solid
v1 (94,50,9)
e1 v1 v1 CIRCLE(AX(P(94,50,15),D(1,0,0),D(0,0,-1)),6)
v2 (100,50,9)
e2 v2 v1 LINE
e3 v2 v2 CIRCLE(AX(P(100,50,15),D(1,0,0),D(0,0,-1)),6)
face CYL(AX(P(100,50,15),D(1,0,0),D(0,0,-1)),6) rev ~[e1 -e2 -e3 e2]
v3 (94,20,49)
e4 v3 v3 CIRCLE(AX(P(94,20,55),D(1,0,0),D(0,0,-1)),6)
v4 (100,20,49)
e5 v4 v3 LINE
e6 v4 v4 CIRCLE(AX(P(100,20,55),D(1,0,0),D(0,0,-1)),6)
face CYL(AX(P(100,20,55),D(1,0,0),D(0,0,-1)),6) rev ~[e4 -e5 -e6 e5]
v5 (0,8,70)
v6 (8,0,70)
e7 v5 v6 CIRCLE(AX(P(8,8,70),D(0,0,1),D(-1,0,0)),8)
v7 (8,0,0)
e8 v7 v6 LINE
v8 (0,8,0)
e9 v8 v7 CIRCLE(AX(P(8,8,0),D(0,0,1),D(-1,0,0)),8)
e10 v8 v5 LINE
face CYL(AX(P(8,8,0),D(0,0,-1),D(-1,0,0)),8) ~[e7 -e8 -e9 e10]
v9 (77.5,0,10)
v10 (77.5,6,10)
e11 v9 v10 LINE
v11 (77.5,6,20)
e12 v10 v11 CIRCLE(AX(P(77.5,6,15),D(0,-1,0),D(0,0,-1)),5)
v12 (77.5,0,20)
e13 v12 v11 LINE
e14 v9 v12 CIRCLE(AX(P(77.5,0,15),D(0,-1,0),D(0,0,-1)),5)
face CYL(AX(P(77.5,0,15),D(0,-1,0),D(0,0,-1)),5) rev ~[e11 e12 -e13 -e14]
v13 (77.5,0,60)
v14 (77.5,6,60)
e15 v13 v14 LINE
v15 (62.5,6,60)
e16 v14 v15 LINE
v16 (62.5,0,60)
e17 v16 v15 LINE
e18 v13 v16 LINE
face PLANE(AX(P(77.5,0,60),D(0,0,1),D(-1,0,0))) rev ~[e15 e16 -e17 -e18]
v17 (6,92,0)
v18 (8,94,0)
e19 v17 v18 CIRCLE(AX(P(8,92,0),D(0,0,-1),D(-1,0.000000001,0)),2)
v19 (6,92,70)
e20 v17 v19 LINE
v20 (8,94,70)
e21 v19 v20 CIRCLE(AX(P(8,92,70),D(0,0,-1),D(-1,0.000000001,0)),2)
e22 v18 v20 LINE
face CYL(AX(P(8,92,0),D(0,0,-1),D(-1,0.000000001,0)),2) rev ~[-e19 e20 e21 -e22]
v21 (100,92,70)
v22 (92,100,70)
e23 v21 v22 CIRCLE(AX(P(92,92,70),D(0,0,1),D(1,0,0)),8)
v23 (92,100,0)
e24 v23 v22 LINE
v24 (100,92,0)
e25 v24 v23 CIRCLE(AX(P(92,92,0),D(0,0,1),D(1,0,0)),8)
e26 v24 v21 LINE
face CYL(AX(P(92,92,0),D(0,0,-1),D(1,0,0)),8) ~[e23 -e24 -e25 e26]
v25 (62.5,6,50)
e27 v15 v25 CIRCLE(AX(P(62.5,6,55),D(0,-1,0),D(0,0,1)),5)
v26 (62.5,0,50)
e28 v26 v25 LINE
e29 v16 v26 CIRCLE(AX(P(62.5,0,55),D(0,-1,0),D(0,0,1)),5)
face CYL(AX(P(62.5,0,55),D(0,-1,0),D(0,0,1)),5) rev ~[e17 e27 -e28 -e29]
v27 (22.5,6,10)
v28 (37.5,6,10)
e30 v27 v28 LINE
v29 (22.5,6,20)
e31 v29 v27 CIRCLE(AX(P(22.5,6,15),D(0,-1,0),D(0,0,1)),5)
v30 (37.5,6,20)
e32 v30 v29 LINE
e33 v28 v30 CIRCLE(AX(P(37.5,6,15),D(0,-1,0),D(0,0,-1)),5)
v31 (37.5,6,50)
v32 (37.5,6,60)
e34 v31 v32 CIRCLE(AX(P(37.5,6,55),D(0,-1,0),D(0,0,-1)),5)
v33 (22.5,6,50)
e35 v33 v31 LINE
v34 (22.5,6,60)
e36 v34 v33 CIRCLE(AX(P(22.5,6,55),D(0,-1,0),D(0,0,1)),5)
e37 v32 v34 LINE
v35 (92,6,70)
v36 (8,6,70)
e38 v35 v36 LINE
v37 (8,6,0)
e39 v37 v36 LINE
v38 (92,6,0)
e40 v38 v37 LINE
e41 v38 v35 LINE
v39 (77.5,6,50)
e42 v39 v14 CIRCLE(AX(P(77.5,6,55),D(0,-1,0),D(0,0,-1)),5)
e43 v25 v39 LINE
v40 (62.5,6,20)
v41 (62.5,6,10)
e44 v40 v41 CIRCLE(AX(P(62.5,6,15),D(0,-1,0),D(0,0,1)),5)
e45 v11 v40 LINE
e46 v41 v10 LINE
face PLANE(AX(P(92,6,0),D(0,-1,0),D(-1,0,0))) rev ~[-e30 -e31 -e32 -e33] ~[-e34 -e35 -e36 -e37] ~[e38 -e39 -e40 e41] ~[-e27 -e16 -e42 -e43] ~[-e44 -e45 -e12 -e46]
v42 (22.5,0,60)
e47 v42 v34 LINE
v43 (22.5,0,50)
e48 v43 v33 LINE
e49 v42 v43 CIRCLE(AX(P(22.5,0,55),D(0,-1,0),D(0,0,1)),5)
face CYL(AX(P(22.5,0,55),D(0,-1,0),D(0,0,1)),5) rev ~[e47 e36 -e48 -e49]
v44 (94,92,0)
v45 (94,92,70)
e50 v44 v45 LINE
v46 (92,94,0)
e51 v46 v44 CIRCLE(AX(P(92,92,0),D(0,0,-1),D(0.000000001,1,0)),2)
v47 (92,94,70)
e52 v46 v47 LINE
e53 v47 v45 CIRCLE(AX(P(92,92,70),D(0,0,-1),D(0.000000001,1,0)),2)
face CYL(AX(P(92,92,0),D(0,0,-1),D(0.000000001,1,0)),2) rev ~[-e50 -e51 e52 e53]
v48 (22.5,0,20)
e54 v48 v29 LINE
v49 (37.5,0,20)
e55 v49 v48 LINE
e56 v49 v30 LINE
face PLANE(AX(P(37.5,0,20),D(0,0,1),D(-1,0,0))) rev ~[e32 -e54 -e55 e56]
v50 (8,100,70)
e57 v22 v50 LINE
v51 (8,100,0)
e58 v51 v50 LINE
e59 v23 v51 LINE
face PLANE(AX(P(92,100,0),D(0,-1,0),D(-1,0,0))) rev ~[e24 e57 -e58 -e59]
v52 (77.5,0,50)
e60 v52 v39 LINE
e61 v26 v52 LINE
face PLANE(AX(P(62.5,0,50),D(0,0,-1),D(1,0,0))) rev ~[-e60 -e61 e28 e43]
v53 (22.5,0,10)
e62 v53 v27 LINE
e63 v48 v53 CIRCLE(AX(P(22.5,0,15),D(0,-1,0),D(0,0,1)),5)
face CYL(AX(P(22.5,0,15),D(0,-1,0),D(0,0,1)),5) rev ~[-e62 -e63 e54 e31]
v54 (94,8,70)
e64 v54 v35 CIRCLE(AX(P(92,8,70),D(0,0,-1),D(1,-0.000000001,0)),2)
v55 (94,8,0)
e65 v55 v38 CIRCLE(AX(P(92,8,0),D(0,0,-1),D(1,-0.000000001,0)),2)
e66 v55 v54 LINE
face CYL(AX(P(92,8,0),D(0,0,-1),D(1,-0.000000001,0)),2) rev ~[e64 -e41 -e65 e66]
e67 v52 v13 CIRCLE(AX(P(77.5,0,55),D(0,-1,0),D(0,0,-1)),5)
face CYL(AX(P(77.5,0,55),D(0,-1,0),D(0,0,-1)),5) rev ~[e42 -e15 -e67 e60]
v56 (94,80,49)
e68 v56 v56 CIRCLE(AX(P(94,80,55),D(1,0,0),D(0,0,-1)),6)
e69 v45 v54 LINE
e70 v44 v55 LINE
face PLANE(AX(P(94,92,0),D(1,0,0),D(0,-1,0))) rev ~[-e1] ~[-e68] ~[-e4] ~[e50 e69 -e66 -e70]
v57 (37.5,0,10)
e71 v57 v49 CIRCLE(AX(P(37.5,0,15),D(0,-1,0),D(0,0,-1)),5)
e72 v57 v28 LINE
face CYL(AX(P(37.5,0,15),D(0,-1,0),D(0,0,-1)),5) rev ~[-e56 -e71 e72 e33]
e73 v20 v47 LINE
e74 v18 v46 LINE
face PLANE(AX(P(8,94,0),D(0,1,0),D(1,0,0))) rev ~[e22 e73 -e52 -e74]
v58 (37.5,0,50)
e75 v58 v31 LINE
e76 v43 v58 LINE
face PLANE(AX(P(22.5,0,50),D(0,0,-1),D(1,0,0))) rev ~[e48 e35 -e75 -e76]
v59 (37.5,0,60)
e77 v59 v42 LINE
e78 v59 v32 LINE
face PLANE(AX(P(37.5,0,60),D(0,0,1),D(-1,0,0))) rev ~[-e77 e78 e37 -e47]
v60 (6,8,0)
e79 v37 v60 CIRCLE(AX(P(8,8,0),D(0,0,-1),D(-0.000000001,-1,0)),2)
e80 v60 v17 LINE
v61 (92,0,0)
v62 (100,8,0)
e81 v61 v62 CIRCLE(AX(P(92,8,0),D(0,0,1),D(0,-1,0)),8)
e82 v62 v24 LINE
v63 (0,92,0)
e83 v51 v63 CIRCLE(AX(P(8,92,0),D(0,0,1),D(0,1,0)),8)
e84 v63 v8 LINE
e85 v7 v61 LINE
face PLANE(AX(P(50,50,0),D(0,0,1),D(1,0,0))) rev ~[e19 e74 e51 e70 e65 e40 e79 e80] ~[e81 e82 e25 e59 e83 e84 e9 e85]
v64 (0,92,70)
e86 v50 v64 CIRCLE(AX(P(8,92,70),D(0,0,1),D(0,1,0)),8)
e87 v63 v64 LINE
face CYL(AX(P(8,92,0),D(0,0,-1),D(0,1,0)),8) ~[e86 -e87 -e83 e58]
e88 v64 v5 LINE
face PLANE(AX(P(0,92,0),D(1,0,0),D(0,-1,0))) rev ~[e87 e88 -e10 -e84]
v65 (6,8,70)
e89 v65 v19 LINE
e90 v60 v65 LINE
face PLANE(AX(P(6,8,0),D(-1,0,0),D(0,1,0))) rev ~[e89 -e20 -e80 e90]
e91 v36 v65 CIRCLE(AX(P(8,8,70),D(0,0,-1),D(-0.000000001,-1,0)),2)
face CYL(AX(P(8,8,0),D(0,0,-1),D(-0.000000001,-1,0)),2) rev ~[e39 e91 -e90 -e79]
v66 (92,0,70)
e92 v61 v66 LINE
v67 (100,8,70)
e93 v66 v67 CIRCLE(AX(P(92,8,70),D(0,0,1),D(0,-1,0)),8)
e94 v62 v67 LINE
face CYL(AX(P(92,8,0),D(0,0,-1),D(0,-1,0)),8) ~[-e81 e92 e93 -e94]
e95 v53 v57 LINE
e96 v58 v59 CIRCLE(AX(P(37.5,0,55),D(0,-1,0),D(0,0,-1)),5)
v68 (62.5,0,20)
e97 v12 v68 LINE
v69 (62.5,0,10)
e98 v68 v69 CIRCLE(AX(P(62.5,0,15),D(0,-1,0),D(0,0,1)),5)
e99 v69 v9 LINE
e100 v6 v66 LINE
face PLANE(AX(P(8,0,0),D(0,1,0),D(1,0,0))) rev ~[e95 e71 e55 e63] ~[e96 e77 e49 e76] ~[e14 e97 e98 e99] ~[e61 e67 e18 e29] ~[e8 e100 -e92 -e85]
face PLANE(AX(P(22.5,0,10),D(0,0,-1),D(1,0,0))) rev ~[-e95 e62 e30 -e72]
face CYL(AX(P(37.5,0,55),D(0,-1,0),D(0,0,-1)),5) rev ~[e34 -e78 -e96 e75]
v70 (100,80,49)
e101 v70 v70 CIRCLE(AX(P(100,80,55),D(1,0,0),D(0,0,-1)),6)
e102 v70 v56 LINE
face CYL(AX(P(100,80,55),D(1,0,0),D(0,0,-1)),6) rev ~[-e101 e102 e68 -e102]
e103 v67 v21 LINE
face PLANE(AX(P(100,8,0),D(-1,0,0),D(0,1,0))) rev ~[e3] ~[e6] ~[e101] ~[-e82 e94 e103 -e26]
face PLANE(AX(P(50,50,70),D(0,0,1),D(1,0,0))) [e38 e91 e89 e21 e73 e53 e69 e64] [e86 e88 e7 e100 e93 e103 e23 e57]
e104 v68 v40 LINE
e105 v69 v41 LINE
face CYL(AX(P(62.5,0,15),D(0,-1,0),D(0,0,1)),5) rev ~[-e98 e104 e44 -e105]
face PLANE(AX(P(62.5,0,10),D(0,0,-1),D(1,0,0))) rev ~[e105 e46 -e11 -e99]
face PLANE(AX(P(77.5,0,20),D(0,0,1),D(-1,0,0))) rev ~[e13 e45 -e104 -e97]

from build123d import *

# Parameters (mm, degrees)
EXTRUDE_1_DEPTH             = 70
CUT_EXTRUDE_1_REACH         = 102
SKETCH_2_R                  = 6
CUT_EXTRUDE_2_DEPTH         = 6
PATTERN_LINEAR_1_COUNT      = 2
PATTERN_LINEAR_1_PITCH      = 40
PATTERN_LINEAR_1_COUNT_DIR2 = 2
PATTERN_LINEAR_1_PITCH_DIR2 = 40


with BuildPart() as part:
    # 草图1 → 凸台-拉伸1 (new body)
    with BuildSketch(Plane.XY):
        with BuildLine():
            Line((8, 0), (92, 0))
            ThreePointArc((92, 0), (97.656854249, 2.343145751), (100, 8))
            Line((100, 8), (100, 92))
            ThreePointArc((100, 92), (97.656854249, 97.656854249), (92, 100))
            Line((92, 100), (8, 100))
            ThreePointArc((8, 100), (2.343145751, 97.656854249), (0, 92))
            Line((0, 92), (0, 8))
            ThreePointArc((0, 8), (2.343145751, 2.343145751), (8, 0))
        make_face()
        with BuildLine():
            Line((8, 94), (92, 94))
            ThreePointArc((92, 94), (93.414213562, 93.414213562), (94, 92))
            Line((94, 92), (94, 8))
            ThreePointArc((94, 8), (93.414213562, 6.585786438), (92, 6))
            Line((92, 6), (8, 6))
            ThreePointArc((8, 6), (6.585786438, 6.585786438), (6, 8))
            Line((6, 8), (6, 92))
            ThreePointArc((6, 92), (6.585786438, 93.414213562), (8, 94))
        make_face(mode=Mode.SUBTRACT)
    extrude(amount=EXTRUDE_1_DEPTH)

    # 草图2 → 切除-拉伸1 (cut, up to next)
    with BuildSketch(Plane(origin=(100, 0, 0), x_dir=(0, 0, -1), z_dir=(1, 0, 0)), mode=Mode.PRIVATE) as cut_extrude_1_sk1:
        with Locations((-55, 80)):
            Circle(SKETCH_2_R)
    cut_extrude_1_tool1 = extrude(cut_extrude_1_sk1.sketch, amount=-CUT_EXTRUDE_1_REACH, mode=Mode.PRIVATE) & part.part
    add(cut_extrude_1_tool1.solids().sort_by_distance((100, 80, 55))[0], mode=Mode.SUBTRACT)
    # 草图2 → 切除-拉伸1 (cut, up to next)
    with BuildSketch(Plane(origin=(100, 0, 0), x_dir=(0, 0, -1), z_dir=(1, 0, 0)), mode=Mode.PRIVATE) as cut_extrude_1_sk2:
        with Locations((-55, 20)):
            Circle(SKETCH_2_R)
    cut_extrude_1_tool2 = extrude(cut_extrude_1_sk2.sketch, amount=-CUT_EXTRUDE_1_REACH, mode=Mode.PRIVATE) & part.part
    add(cut_extrude_1_tool2.solids().sort_by_distance((100, 20, 55))[0], mode=Mode.SUBTRACT)
    # 草图2 → 切除-拉伸1 (cut, up to next)
    with BuildSketch(Plane(origin=(100, 0, 0), x_dir=(0, 0, -1), z_dir=(1, 0, 0)), mode=Mode.PRIVATE) as cut_extrude_1_sk3:
        with Locations((-15, 50)):
            Circle(SKETCH_2_R)
    cut_extrude_1_tool3 = extrude(cut_extrude_1_sk3.sketch, amount=-CUT_EXTRUDE_1_REACH, mode=Mode.PRIVATE) & part.part
    add(cut_extrude_1_tool3.solids().sort_by_distance((100, 50, 15))[0], mode=Mode.SUBTRACT)

    # 草图3 → 切除-拉伸2 (cut)
    with BuildSketch(Plane.XZ):
        with BuildLine():
            Line((77.5, 60), (62.5, 60))
            ThreePointArc((62.5, 60), (57.5, 55), (62.5, 50))
            Line((62.5, 50), (77.5, 50))
            ThreePointArc((77.5, 50), (82.5, 55), (77.5, 60))
        make_face()
    cut_extrude_2 = extrude(amount=-CUT_EXTRUDE_2_DEPTH, mode=Mode.SUBTRACT)

    # 阵列(线性)1: Cut-Extrude 2 2 × 2
    with Locations(*[(-j * PATTERN_LINEAR_1_PITCH_DIR2, 0, -i * PATTERN_LINEAR_1_PITCH) for i in range(PATTERN_LINEAR_1_COUNT) for j in range(PATTERN_LINEAR_1_COUNT_DIR2) if (i, j) != (0, 0)]):
        add(cut_extrude_2, mode=Mode.SUBTRACT)


solid = part.part
